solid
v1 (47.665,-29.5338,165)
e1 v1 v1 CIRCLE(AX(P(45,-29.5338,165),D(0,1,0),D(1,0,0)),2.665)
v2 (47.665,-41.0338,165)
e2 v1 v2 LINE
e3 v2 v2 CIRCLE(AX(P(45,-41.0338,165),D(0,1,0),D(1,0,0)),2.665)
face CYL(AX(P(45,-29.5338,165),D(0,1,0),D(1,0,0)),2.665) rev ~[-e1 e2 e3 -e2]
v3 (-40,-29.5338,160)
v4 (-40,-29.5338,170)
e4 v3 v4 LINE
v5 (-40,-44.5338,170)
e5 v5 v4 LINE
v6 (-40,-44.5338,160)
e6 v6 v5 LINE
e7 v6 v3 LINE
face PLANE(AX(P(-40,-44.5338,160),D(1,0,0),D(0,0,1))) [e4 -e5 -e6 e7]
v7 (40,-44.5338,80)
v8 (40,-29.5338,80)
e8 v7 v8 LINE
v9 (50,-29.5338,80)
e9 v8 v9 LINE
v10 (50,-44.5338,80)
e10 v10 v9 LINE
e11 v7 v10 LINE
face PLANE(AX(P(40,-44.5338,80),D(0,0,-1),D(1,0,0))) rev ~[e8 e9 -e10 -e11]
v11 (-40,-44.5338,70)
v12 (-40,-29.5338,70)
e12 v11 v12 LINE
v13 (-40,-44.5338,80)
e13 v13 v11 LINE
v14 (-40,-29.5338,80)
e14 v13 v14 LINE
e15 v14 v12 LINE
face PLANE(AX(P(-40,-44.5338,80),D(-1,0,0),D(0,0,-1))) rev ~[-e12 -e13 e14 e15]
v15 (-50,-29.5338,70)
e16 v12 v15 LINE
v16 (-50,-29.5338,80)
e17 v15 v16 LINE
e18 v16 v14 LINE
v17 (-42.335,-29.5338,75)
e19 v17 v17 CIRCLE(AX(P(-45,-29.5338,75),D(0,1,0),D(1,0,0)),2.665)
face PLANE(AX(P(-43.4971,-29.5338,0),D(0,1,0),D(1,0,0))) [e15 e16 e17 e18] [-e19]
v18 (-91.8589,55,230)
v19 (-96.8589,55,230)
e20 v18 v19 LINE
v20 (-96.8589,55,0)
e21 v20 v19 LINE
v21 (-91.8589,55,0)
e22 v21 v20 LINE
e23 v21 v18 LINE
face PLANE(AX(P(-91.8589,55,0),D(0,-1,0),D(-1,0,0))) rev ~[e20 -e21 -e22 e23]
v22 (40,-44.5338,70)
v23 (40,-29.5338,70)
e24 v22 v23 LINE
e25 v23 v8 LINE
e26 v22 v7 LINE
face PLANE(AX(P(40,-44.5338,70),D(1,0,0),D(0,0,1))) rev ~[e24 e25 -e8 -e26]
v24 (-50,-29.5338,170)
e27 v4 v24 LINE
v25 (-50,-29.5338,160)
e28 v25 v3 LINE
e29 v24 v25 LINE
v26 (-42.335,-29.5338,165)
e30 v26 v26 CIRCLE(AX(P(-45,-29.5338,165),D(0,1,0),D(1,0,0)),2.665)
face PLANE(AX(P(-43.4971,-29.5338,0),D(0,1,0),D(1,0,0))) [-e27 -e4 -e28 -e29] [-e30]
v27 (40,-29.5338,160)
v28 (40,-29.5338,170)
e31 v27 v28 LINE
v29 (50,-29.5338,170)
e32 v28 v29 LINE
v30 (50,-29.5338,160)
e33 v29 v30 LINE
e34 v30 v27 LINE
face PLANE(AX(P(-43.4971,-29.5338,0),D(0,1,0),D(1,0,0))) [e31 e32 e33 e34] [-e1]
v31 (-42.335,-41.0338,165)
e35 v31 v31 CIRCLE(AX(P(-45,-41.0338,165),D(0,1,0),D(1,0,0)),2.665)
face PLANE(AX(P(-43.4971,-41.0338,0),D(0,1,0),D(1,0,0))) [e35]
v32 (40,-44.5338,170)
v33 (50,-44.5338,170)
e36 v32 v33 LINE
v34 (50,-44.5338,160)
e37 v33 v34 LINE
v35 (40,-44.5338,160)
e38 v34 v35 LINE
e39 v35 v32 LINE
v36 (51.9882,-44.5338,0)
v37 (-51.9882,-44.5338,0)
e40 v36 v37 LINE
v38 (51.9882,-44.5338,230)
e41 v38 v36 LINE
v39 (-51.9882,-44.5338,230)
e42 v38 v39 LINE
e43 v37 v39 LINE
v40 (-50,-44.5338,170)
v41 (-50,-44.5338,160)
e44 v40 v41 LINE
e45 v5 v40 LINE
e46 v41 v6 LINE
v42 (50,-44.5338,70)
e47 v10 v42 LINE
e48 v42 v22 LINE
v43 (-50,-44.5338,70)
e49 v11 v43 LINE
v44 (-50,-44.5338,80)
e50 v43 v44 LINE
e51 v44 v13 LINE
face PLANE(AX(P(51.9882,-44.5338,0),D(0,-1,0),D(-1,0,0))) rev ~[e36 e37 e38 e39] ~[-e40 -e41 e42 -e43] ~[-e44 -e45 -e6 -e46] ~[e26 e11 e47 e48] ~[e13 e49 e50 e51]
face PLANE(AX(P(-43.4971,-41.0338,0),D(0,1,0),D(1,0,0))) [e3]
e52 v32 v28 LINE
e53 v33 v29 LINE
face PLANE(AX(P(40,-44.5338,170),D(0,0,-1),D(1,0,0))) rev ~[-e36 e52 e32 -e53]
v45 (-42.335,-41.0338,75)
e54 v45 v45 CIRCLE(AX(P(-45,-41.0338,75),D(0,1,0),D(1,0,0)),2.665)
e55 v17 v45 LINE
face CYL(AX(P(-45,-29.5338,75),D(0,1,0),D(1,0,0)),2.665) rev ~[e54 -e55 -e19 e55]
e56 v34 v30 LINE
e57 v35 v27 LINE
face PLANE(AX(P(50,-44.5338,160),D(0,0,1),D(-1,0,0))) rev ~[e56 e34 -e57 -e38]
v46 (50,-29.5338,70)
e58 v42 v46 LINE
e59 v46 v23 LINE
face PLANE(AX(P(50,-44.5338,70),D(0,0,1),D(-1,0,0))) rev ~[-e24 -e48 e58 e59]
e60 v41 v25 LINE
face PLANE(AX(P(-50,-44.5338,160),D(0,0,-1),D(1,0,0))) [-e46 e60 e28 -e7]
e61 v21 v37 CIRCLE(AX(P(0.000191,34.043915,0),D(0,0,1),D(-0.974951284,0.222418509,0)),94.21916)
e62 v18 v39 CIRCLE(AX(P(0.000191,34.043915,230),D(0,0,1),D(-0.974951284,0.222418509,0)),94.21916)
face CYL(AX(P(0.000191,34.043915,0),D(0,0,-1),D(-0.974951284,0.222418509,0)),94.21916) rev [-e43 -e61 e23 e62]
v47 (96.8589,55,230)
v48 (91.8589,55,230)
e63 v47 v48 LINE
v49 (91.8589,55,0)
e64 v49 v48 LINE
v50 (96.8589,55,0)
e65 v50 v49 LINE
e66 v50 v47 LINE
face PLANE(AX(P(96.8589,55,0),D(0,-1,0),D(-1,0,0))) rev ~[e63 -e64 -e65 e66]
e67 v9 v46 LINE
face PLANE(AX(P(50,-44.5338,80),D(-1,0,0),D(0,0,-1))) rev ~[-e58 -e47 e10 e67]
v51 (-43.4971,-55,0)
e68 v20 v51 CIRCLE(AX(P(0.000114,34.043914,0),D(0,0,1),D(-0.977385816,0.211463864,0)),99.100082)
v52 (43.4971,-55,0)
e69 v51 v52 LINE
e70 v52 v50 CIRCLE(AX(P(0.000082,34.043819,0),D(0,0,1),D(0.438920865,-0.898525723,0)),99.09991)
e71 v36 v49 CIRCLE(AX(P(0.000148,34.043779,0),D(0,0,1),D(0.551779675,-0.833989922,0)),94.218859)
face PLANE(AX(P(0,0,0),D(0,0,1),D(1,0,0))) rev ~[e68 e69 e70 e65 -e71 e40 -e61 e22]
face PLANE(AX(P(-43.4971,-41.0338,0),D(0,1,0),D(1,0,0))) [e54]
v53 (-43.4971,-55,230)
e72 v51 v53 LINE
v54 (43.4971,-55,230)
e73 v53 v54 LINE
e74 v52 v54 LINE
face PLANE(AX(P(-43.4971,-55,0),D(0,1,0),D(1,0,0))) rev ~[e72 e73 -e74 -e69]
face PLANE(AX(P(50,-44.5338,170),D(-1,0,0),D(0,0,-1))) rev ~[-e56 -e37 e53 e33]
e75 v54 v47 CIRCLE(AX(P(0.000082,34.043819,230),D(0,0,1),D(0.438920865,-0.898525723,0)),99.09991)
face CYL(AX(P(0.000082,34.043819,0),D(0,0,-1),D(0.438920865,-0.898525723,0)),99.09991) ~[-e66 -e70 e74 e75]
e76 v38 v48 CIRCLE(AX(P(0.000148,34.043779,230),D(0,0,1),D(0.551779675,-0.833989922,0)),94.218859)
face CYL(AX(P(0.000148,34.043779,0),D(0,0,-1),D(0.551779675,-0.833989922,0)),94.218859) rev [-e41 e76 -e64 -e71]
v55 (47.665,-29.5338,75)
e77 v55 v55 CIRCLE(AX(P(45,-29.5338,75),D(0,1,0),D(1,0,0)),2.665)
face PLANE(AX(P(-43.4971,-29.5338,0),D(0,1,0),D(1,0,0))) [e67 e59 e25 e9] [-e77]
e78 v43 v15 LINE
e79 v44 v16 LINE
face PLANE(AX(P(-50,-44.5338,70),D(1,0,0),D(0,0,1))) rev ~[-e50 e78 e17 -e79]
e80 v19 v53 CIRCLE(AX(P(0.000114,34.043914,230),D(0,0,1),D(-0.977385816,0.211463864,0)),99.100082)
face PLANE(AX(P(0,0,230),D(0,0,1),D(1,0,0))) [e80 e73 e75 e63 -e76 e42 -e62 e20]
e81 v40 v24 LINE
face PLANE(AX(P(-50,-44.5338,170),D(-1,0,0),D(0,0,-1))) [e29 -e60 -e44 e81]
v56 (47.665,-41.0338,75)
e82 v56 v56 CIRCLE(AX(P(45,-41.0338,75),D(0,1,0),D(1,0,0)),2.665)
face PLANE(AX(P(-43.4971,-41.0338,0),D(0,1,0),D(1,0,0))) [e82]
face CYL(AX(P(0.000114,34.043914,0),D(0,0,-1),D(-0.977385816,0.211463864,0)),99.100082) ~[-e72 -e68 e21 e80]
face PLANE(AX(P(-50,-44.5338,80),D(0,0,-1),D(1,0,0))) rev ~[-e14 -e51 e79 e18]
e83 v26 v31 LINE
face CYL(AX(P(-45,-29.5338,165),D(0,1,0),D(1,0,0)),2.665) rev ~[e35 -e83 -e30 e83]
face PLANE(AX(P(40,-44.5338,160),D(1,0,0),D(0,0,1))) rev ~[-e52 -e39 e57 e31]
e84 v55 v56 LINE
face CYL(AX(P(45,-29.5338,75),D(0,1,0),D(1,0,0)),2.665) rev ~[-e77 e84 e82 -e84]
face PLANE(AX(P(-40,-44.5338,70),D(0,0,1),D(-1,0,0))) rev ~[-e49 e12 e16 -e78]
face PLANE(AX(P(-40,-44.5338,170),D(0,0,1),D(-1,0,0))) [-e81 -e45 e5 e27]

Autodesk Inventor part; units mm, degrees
ref_plane "YZ Plane" through (0, 0, 0) normal (1, 0, 0) x (0, 1, 0)
ref_plane "XZ Plane" through (0, 0, 0) normal (0, 1, 0) x (-1, 0, 0)
ref_plane "XY Plane" through (0, 0, 0) normal (0, 0, 1) x (1, 0, 0)
sketch "Sketch1" plane through (0, 0, 0) normal (0, 0, 1) x (1, 0, 0)
  arc A0 (-96.8589, 55) -> (-43.4971, -55) centre (0, 34.0439) ccw projected
  line L0 (-43.4971, -55) -> (43.4971, -55) projected
  arc A1 (43.4971, -55) -> (96.8589, 55) centre (0, 34.0439) ccw projected
  line L1 (96.8589, 55) -> (91.8589, 55) projected
  arc A2 (51.9882, -44.5338) -> (91.8589, 55) centre (0, 34.0439) ccw projected
  arc A3 (-91.8589, 55) -> (-51.9882, -44.5338) centre (0, 34.0439) ccw projected
  line L2 (-91.8589, 55) -> (-96.8589, 55) projected
  line L3 (51.9882, -44.5338) -> (-51.9882, -44.5338) projected
  point P0 (0, 0)
extrude "Extrusion1" add sketch "Sketch1" along normal blind 230
sketch "Sketch2" plane through (-43.4971, -44.5338, 0) normal (0, 1, 0) x (1, 0, 0)
  circle A0 centre (-1.5029, -75) radius 1.6 construction
  circle A1 centre (-1.5029, -165) radius 1.6 construction
  circle A2 centre (88.4971, -75) radius 1.6 construction
  circle A3 centre (88.4971, -165) radius 1.6 construction
  line L0 (-6.5029, -70) -> (-6.5029, -170) construction
  line L1 (-6.5029, -170) -> (93.4971, -170) construction
  line L2 (93.4971, -170) -> (93.4971, -70) construction
  line L3 (93.4971, -70) -> (-6.5029, -70) construction
  line L4 (86.9943, 0) -> (0, 0) construction
  line L5 (0, 0) -> (0, -230) construction
  line L6 (86.9943, -230) -> (0, -230) construction
  line L7 (86.9943, 0) -> (86.9943, -230) construction
  line L8 (-6.5029, -80) -> (3.4971, -80)
  line L9 (3.4971, -80) -> (3.4971, -70)
  line L10 (3.4971, -70) -> (-6.5029, -70)
  line L11 (-6.5029, -70) -> (-6.5029, -80)
  line L12 (-6.5029, -80) -> (3.4971, -70) construction
  line L13 (3.4971, -80) -> (-6.5029, -70) construction
  line L14 (83.4971, -80) -> (93.4971, -80)
  line L15 (93.4971, -80) -> (93.4971, -70)
  line L16 (93.4971, -70) -> (83.4971, -70)
  line L17 (83.4971, -70) -> (83.4971, -80)
  line L18 (83.4971, -80) -> (93.4971, -70) construction
  line L19 (93.4971, -80) -> (83.4971, -70) construction
  line L20 (3.4971, -170) -> (-6.5029, -170)
  line L21 (-6.5029, -170) -> (-6.5029, -160)
  line L22 (-6.5029, -160) -> (3.4971, -160)
  line L23 (3.4971, -160) -> (3.4971, -170)
  line L24 (3.4971, -170) -> (-6.5029, -160) construction
  line L25 (-6.5029, -170) -> (3.4971, -160) construction
  line L26 (83.4971, -170) -> (93.4971, -170)
  line L27 (93.4971, -170) -> (93.4971, -160)
  line L28 (93.4971, -160) -> (83.4971, -160)
  line L29 (83.4971, -160) -> (83.4971, -170)
  line L30 (83.4971, -170) -> (93.4971, -160) construction
  line L31 (93.4971, -170) -> (83.4971, -160) construction
  point P0 (43.4971, 0)
  dimension "d2" = 10
  dimension "d3" = 10
  dimension "d4" = 10
  dimension "d5" = 10
  dimension "d6" = 10
  dimension "d7" = 10
  dimension "d8" = 10
  dimension "d9" = 10
extrude "Extrusion2" add sketch "Sketch2" along normal blind 15
sketch "Sketch3" plane through (-43.4971, -29.5338, 0) normal (0, 1, 0) x (1, 0, 0)
  circle A0 centre (-1.5029, -75) radius 1.6 construction
  circle A1 centre (-1.5029, -165) radius 1.6 construction
  circle A2 centre (88.4971, -75) radius 1.6 construction
  circle A3 centre (88.4971, -165) radius 1.6 construction
  line L0 (-6.5029, -70) -> (-6.5029, -170) construction
  line L1 (-6.5029, -170) -> (93.4971, -170) construction
  line L2 (93.4971, -170) -> (93.4971, -70) construction
  line L3 (93.4971, -70) -> (-6.5029, -70) construction
  circle A4 centre (-1.5029, -75) radius 2.665
  circle A5 centre (88.4971, -75) radius 2.665
  circle A6 centre (88.4971, -165) radius 2.665
  circle A7 centre (-1.5029, -165) radius 2.665
  point P0 (43.4971, 0)
  dimension "d12" = 5.33
  dimension "d13" = 5.33
  dimension "d14" = 5.33
  dimension "d15" = 5.33
extrude "Extrusion3" cut sketch "Sketch3" against normal blind 11.5
sketch "Sketch4" plane through (0, 0, 0) normal (0, 0, -1) x (-1, 0, 0)
  arc A0 (43.4971, -55) -> (96.8589, 55) centre (0, 34.0439) ccw construction
  line L0 (43.4971, -55) -> (-43.4971, -55) construction
  arc A1 (-96.8589, 55) -> (-43.4971, -55) centre (0, 34.0439) ccw construction
  line L1 (-96.8589, 55) -> (-91.8589, 55) construction
  arc A2 (-91.8589, 55) -> (-51.9882, -44.5338) centre (0, 34.0439) ccw construction
  line L2 (-51.9882, -44.5338) -> (51.9882, -44.5338) construction
  arc A3 (51.9882, -44.5338) -> (91.8589, 55) centre (0, 34.0439) ccw construction
  line L3 (91.8589, 55) -> (96.8589, 55) construction
  arc A4 (43.4971, -55) -> (96.8589, 55) centre (0, 34.0439) ccw construction
  line L4 (43.4971, -55) -> (-43.4971, -55) construction
  arc A5 (-96.8589, 55) -> (-43.4971, -55) centre (0, 34.0439) ccw construction
  line L5 (-96.8589, 55) -> (-91.8589, 55) construction
  arc A6 (-91.8589, 55) -> (-51.9882, -44.5338) centre (0, 34.0439) ccw construction
  arc A7 (51.9882, -44.5338) -> (91.8589, 55) centre (0, 34.0439) ccw construction
  line L6 (91.8589, 55) -> (96.8589, 55) construction
  line L7 (-51.9882, -44.5338) -> (51.9882, -44.5338)
  line L8 (47.665, -29.5338) -> (47.665, -41.0338) projected
  line L9 (-43.4971, -49.5338) -> (43.4971, -49.5338)
  arc A8 (-51.9882, -44.5338) -> (-43.4971, -49.5338) centre (0, 34.0439) ccw
  arc A9 (43.4971, -49.5338) -> (51.9882, -44.5338) centre (0, 34.0439) ccw
  arc A10 (43.4971, -49.5338) -> (91.8589, 55) centre (0, 34.0439) ccw projected
  line L10 (-51.9882, -44.5338) -> (51.9882, -44.5338) projected
  point P0 (0, 0)
extrude "Extrusion4" add sketch "Sketch4" against normal blind 30
properties part number "BackInsertV1_3DPrint"
